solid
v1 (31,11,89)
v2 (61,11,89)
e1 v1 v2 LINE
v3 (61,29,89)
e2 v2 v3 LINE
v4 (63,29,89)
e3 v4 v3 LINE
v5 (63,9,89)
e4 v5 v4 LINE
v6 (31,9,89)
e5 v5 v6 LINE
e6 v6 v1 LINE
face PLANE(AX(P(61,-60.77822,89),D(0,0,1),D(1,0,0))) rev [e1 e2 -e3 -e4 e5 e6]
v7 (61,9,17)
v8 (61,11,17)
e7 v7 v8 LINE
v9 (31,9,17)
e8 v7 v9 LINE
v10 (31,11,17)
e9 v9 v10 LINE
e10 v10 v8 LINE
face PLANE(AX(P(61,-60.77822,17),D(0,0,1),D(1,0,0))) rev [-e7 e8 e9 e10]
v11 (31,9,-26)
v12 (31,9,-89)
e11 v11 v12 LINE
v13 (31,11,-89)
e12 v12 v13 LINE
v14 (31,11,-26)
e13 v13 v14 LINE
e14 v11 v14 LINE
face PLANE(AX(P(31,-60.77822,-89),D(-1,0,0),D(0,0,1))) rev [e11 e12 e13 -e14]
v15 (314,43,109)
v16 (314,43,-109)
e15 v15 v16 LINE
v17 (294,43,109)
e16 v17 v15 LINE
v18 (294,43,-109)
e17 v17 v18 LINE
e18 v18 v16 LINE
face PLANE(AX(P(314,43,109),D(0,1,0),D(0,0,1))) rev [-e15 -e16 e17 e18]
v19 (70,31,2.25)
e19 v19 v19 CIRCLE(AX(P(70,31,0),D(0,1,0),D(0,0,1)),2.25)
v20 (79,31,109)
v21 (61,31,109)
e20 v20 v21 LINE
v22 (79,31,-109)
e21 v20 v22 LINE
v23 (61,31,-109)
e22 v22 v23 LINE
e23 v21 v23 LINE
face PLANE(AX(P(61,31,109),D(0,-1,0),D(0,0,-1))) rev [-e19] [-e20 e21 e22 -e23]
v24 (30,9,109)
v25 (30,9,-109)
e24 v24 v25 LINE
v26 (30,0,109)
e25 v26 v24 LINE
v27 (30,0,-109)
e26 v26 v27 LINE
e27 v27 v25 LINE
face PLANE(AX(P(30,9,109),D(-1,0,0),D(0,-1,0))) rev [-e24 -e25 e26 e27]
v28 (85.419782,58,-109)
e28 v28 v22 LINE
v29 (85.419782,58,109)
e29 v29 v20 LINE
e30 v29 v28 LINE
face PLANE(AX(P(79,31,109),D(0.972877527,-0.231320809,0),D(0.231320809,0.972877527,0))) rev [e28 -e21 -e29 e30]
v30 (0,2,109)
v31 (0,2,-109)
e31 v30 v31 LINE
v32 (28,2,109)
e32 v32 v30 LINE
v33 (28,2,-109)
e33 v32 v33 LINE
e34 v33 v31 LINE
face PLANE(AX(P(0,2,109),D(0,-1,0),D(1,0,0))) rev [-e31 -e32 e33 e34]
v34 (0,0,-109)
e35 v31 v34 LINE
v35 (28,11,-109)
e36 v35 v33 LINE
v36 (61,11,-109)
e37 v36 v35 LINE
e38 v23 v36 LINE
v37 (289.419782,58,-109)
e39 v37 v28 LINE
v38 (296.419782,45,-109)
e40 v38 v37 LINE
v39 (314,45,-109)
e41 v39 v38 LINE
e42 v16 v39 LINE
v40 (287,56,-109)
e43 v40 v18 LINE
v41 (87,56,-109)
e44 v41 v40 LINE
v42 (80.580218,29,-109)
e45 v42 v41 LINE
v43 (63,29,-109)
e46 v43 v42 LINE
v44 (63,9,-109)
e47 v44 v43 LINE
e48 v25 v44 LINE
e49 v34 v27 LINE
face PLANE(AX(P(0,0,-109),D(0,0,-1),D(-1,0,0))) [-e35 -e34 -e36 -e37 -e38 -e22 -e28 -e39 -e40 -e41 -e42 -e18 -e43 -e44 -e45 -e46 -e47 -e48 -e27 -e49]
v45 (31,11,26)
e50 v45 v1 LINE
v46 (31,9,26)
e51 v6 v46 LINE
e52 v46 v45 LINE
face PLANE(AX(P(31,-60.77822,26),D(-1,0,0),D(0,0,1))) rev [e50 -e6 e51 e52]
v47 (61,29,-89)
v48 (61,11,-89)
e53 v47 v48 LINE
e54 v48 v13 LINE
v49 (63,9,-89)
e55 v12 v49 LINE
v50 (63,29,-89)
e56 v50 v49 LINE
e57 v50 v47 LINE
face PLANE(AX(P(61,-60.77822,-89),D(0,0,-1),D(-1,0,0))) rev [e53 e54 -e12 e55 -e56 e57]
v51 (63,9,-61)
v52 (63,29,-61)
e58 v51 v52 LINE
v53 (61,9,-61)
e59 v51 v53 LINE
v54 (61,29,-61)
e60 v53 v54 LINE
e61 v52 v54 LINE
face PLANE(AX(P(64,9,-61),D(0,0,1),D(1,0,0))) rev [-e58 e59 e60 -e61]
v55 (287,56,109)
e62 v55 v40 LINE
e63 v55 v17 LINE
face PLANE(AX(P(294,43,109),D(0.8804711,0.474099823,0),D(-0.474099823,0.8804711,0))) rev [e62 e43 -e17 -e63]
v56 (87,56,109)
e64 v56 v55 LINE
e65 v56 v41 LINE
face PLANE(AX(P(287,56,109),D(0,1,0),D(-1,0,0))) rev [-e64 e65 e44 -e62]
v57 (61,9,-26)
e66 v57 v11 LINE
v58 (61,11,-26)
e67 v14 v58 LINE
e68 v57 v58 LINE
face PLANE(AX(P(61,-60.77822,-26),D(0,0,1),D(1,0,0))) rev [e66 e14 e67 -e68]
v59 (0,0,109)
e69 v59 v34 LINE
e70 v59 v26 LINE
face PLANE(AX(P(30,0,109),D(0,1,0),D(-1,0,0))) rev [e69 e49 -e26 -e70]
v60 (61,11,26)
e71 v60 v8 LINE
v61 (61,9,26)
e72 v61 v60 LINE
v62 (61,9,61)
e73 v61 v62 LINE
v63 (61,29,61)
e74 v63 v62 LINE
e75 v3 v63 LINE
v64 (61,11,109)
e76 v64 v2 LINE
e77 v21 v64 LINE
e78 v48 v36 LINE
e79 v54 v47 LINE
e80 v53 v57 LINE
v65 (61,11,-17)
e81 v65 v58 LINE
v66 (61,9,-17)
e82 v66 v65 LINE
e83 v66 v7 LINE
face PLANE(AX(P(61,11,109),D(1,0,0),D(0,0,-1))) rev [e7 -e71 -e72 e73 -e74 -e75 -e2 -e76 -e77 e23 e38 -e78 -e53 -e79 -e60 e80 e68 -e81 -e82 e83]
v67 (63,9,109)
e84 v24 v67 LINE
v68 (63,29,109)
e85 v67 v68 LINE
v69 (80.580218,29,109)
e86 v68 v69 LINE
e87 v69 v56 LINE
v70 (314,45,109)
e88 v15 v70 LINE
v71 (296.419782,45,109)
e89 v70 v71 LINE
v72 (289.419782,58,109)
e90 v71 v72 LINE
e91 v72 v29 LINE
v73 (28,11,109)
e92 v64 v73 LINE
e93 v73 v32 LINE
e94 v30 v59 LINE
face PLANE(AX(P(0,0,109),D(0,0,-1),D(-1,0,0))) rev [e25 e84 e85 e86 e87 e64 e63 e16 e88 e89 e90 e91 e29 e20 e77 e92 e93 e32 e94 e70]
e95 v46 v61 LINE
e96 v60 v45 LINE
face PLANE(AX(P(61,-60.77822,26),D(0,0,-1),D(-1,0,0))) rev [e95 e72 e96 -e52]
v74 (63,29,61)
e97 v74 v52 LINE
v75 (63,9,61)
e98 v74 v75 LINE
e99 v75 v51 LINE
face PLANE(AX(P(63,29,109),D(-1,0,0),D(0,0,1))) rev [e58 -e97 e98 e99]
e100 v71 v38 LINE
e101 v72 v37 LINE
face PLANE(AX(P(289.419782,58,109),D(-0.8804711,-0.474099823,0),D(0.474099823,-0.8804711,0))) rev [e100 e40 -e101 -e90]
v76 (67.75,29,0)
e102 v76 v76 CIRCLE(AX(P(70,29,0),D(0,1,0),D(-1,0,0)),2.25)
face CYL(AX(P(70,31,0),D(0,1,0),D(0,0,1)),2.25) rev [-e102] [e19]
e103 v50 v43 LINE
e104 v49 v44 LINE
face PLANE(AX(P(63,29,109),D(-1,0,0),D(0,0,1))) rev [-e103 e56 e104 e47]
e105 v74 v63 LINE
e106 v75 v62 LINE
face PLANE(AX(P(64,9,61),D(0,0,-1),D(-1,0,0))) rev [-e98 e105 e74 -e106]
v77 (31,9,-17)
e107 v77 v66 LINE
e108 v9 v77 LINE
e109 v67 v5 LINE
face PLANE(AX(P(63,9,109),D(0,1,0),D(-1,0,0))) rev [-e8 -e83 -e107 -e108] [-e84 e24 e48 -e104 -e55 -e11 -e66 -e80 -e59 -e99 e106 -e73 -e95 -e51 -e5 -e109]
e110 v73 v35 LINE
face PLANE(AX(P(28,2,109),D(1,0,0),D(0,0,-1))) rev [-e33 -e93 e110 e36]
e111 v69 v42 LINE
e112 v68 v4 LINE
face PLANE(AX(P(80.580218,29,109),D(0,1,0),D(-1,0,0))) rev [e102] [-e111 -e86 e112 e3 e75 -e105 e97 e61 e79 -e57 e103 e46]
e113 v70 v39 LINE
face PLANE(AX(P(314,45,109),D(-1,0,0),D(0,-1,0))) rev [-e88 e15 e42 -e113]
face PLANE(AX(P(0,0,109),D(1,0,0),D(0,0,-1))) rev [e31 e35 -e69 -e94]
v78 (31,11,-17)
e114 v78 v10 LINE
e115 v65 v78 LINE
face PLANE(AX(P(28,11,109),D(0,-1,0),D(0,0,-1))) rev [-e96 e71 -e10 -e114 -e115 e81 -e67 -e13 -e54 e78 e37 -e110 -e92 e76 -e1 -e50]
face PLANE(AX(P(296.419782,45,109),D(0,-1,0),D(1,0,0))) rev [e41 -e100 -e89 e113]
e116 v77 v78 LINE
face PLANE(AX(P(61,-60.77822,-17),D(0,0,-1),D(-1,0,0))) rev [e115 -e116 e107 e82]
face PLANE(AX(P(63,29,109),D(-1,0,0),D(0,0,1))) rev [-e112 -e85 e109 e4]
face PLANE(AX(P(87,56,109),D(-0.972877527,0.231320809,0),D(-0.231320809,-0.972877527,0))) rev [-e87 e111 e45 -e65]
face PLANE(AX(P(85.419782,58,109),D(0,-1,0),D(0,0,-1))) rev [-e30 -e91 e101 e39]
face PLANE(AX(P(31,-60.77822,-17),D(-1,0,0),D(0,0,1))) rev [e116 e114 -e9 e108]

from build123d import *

# Parameters (mm, degrees)
DODANIE_WYCI_GNI_CIE1_DEPTH = 109
SZKIC2_W                    = 30
SZKIC2_H                    = 63
SZKIC2_H_2                  = 34
WYTNIJ_WYCI_GNI_CIE1_DEPTH  = 2
OTW_R_POD_RUB_M41_D         = 4.5
OTW_R_POD_RUB_M41_DEPTH     = 2
SZKIC5_W                    = 28
SZKIC5_H                    = 20
WYTNIJ_WYCI_GNI_CIE2_DEPTH  = 3


with BuildPart() as part:
    # Szkic1 → Dodanie-wyciągnięcie1 (new body, symmetric)
    with BuildSketch(Plane.XY):
        Polygon((0, 0), (0, 2), (28, 2), (28, 11), (61, 11), (61, 31), (79, 31), (85.419782204, 58), (289.419782204, 58), (296.419782204, 45), (314, 45), (314, 43), (294, 43), (287, 56), (87, 56), (80.580217796, 29), (63, 29), (63, 9), (30, 9), (30, 0), align=None)
    extrude(amount=DODANIE_WYCI_GNI_CIE1_DEPTH, both=True)

    # Szkic2 → Wytnij-wyciągnięcie1 (cut)
    with BuildSketch(Plane(origin=(0, 11, 0), x_dir=(1, 0, 0), z_dir=(0, 1, 0))):
        with Locations((46, 57.5)):
            Rectangle(SZKIC2_W, SZKIC2_H)
        with Locations((46, 0)):
            Rectangle(SZKIC2_W, SZKIC2_H_2)
        with Locations((46, -57.5)):
            Rectangle(SZKIC2_W, SZKIC2_H)
    extrude(amount=-WYTNIJ_WYCI_GNI_CIE1_DEPTH, mode=Mode.SUBTRACT)

    # Otwór pod śrubę M41
    with Locations(Plane(origin=(70, 31, 0), x_dir=(0, 0, 1), z_dir=(0, 1, 0))):
        with Locations((0, 0)):
            Hole(OTW_R_POD_RUB_M41_D / 2, depth=OTW_R_POD_RUB_M41_DEPTH)

    # Szkic5 → Wytnij-wyciągnięcie2 (cut)
    with BuildSketch(Plane.ZY.offset(-61)):
        with Locations((-75, 19)):
            Rectangle(SZKIC5_W, SZKIC5_H)
        with Locations((75, 19)):
            Rectangle(SZKIC5_W, SZKIC5_H)
    extrude(amount=-WYTNIJ_WYCI_GNI_CIE2_DEPTH, mode=Mode.SUBTRACT)


solid = part.part
